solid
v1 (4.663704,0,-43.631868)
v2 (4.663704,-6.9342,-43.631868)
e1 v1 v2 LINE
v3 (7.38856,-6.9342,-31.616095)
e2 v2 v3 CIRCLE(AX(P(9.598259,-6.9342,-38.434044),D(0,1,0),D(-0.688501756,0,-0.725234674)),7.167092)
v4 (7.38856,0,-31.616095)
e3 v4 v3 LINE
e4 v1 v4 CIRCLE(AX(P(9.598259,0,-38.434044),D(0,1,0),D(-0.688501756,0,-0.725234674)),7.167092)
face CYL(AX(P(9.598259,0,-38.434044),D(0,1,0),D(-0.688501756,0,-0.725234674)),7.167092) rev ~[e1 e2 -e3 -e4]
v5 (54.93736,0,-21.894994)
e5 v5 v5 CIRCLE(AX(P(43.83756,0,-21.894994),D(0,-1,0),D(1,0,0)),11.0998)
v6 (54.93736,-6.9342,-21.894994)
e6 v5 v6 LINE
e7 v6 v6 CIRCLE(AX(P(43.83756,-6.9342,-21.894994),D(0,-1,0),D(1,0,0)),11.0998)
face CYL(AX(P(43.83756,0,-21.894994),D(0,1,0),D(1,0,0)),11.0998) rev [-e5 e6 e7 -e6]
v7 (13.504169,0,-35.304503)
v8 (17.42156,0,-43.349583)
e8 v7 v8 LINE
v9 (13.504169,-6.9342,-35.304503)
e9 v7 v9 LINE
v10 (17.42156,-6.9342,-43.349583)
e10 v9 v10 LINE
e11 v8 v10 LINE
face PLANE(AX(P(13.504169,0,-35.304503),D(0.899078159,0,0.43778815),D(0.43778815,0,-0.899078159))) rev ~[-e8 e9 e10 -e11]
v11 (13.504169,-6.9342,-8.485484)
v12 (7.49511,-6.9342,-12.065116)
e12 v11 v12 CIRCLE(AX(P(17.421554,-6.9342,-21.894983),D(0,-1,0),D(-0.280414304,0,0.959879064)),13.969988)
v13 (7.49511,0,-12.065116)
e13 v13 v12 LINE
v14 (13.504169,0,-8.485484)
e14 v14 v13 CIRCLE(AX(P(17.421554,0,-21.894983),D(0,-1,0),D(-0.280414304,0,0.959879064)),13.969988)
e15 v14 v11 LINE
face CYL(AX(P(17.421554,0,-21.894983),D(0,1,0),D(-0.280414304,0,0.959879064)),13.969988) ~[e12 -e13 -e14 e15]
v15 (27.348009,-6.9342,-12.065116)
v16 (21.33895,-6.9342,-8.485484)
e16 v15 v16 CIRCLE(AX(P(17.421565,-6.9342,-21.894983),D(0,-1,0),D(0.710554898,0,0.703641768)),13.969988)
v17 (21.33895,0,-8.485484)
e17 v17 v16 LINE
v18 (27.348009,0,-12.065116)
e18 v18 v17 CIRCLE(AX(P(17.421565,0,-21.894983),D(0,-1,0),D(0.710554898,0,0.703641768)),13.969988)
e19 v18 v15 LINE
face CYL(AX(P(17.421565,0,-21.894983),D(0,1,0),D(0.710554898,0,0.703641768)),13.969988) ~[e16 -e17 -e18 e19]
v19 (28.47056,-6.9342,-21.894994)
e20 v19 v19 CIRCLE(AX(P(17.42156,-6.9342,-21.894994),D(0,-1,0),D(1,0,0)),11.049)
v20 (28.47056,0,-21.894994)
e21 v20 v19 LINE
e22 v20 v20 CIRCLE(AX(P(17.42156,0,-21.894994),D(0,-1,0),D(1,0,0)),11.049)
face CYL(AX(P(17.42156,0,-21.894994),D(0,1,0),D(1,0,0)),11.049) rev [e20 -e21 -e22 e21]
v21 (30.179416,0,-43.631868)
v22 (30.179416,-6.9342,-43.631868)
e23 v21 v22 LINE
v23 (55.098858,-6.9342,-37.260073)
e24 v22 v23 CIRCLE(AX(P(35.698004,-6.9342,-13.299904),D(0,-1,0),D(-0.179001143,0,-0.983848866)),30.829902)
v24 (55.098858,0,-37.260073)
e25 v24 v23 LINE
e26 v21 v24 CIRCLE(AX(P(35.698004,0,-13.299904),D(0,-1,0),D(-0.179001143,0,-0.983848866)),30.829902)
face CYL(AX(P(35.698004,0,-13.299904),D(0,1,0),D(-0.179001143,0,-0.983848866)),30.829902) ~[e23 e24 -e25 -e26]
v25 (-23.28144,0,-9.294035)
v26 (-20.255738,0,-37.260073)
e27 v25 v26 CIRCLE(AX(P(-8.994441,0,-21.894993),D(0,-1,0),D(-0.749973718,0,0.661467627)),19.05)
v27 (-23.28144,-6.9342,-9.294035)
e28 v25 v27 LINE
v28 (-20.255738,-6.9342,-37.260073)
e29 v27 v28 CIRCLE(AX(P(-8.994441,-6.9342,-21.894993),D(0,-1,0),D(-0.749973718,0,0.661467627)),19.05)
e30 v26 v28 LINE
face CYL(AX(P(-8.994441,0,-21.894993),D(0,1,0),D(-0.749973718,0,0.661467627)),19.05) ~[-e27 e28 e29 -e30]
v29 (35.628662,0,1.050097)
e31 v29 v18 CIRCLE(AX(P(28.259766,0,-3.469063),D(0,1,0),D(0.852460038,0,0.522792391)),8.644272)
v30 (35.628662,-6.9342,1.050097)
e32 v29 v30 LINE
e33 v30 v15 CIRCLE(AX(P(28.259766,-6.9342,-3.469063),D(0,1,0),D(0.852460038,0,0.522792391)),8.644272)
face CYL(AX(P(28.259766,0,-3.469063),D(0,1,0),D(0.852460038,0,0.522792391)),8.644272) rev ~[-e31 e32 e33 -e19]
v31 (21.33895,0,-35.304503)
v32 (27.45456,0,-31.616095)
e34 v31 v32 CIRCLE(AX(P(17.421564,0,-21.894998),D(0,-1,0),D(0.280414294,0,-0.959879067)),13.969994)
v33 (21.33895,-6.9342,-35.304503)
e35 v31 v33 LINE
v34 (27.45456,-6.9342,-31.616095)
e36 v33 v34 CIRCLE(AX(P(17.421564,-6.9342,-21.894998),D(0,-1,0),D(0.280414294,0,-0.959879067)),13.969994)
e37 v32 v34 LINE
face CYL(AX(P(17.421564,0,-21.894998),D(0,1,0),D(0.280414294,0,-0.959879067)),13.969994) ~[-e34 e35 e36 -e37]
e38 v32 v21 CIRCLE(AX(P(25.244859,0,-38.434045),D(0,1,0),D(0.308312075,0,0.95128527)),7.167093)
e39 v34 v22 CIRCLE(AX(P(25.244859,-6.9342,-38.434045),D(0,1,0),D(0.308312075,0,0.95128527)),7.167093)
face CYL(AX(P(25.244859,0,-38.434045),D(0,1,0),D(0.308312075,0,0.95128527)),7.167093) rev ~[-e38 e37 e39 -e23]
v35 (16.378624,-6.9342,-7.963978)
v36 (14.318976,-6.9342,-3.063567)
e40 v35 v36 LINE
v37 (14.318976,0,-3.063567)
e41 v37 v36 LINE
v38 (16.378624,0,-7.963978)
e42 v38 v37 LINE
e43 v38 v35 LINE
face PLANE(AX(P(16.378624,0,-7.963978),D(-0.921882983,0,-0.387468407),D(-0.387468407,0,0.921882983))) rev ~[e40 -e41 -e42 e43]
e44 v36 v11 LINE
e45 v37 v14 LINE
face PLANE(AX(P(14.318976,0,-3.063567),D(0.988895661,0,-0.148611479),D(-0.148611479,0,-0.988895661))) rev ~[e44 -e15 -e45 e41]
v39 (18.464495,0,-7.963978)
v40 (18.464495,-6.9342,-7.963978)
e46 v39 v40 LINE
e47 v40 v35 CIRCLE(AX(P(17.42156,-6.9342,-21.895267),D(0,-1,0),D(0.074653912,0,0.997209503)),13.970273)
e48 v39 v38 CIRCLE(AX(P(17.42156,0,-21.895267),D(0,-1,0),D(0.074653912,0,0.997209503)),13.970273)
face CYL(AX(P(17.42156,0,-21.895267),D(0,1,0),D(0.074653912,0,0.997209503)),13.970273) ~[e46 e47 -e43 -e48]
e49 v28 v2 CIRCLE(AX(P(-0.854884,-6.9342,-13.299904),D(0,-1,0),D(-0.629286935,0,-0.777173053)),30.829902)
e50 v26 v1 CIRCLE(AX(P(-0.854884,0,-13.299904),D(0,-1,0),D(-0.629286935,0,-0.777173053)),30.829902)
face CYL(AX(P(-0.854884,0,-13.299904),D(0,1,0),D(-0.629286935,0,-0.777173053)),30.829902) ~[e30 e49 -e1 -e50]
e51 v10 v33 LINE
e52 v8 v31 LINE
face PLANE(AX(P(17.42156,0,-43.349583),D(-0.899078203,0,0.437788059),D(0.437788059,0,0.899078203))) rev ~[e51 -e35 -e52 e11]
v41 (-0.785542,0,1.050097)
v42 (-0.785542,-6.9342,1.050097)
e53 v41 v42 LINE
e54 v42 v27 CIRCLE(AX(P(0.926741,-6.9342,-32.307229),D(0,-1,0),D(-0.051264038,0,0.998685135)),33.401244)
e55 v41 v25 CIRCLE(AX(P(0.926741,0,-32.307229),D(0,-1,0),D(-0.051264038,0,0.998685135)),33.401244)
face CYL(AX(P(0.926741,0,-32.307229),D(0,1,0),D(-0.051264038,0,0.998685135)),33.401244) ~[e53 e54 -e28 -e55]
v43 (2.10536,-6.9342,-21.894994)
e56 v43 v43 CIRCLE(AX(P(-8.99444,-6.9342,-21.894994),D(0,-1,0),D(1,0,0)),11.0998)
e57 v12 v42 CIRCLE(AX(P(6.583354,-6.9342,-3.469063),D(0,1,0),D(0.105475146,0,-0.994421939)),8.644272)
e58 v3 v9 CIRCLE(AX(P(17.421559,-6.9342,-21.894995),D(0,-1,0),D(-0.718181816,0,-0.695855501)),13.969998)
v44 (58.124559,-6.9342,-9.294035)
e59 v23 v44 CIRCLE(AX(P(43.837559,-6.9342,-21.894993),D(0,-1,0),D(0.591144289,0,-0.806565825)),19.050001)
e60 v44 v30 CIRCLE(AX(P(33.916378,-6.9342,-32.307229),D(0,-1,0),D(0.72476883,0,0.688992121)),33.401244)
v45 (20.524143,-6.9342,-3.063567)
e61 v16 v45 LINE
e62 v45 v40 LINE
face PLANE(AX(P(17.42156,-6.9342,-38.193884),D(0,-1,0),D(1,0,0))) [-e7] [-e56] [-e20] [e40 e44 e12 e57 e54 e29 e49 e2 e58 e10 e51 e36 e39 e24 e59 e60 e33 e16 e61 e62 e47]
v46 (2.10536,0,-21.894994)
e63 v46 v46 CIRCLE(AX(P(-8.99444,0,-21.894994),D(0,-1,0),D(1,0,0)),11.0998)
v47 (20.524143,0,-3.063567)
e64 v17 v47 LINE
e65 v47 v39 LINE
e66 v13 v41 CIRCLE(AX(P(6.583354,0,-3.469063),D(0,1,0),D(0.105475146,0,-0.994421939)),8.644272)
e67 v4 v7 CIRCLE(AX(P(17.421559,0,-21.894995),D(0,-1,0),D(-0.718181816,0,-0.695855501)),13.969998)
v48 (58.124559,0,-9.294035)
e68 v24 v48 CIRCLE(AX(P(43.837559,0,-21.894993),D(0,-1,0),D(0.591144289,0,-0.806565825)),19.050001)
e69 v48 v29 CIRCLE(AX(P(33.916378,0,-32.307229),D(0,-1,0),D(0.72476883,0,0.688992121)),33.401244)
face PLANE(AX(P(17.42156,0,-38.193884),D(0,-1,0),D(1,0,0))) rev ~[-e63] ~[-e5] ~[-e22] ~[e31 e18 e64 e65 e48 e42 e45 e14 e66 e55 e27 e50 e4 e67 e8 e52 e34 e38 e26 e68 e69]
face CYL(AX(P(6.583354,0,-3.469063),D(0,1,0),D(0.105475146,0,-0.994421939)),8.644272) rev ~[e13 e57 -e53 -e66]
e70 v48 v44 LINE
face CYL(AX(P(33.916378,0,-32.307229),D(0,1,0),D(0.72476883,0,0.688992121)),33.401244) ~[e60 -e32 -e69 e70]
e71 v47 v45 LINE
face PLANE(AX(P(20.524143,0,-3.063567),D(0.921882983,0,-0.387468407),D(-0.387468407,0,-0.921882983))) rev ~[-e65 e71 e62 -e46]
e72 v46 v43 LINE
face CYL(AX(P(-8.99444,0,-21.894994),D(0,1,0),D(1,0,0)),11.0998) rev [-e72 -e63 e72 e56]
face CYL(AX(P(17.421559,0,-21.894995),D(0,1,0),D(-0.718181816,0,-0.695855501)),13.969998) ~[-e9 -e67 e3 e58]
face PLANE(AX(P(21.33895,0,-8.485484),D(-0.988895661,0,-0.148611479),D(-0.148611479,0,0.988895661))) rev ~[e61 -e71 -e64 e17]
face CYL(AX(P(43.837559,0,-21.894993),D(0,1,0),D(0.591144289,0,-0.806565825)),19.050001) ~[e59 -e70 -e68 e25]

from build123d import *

# Parameters (mm, degrees)
F0_R     = 11.0998
F0_R_2   = 11.049
F1_DEPTH = 6.9342


with BuildPart() as f1:
    # F0 (on Front) → F1 (new body)
    with BuildSketch(Plane.XZ):
        with BuildLine():
            Line((17.42156, -43.349583), (21.33895, -35.304503))
            ThreePointArc((21.33895, -35.304503), (17.42156, -35.864994), (13.504169, -35.304503))
            Line((13.504169, -35.304503), (17.42156, -43.349583))
        make_face()
        with BuildLine():
            ThreePointArc((18.464495, -7.963978), (19.915392, -8.149387), (21.33895, -8.485484))
            Line((21.33895, -8.485484), (20.524143, -3.063567))
            Line((20.524143, -3.063567), (18.464495, -7.963978))
        make_face()
        with BuildLine():
            ThreePointArc((13.504169, -8.485484), (14.927727, -8.149387), (16.378624, -7.963978))
            Line((16.378624, -7.963978), (14.318976, -3.063567))
            Line((14.318976, -3.063567), (13.504169, -8.485484))
        make_face()
        with BuildLine():
            ThreePointArc((27.348009, -12.065116), (30.341184, -16.580466), (31.39156, -21.894994))
            ThreePointArc((31.39156, -21.894994), (30.369956, -27.139033), (27.45456, -31.616095))
            ThreePointArc((27.45456, -31.616095), (32.23448, -36.848985), (30.179416, -43.631868))
            ThreePointArc((30.179416, -43.631868), (43.335364, -43.168844), (55.098858, -37.260073))
            ThreePointArc((55.098858, -37.260073), (62.777034, -23.944093), (58.124559, -9.294035))
            ThreePointArc((58.124559, -9.294035), (47.870513, -1.960479), (35.628662, 1.050097))
            ThreePointArc((35.628662, 1.050097), (35.569066, -8.083991), (27.348009, -12.065116))
        make_face()
        with Locations((43.83756, -21.894994)):
            Circle(F0_R, mode=Mode.SUBTRACT)
        with BuildLine():
            ThreePointArc((27.45456, -31.616095), (30.369956, -27.139033), (31.39156, -21.894994))
            ThreePointArc((31.39156, -21.894994), (30.341184, -16.580466), (27.348009, -12.065116))
            ThreePointArc((27.348009, -12.065116), (24.571134, -9.89314), (21.33895, -8.485484))
            ThreePointArc((21.33895, -8.485484), (19.915392, -8.149387), (18.464495, -7.963978))
            ThreePointArc((18.464495, -7.963978), (17.42156, -7.924994), (16.378624, -7.963978))
            ThreePointArc((16.378624, -7.963978), (14.927727, -8.149387), (13.504169, -8.485484))
            ThreePointArc((13.504169, -8.485484), (10.271985, -9.89314), (7.49511, -12.065116))
            ThreePointArc((7.49511, -12.065116), (3.451767, -21.81886), (7.38856, -31.616095))
            ThreePointArc((7.38856, -31.616095), (10.206684, -33.857705), (13.504169, -35.304503))
            ThreePointArc((13.504169, -35.304503), (17.42156, -35.864994), (21.33895, -35.304503))
            ThreePointArc((21.33895, -35.304503), (24.636436, -33.857705), (27.45456, -31.616095))
        make_face()
        with Locations((17.42156, -21.894994)):
            Circle(F0_R_2, mode=Mode.SUBTRACT)
        with BuildLine():
            ThreePointArc((4.663704, -43.631868), (2.608639, -36.848985), (7.38856, -31.616095))
            ThreePointArc((7.38856, -31.616095), (3.451767, -21.81886), (7.49511, -12.065116))
            ThreePointArc((7.49511, -12.065116), (-0.725946, -8.083991), (-0.785542, 1.050097))
            ThreePointArc((-0.785542, 1.050097), (-13.027394, -1.960479), (-23.28144, -9.294035))
            ThreePointArc((-23.28144, -9.294035), (-27.933915, -23.944093), (-20.255738, -37.260073))
            ThreePointArc((-20.255738, -37.260073), (-8.492244, -43.168844), (4.663704, -43.631868))
        make_face()
        with Locations((-8.99444, -21.894994)):
            Circle(F0_R, mode=Mode.SUBTRACT)
    extrude(amount=F1_DEPTH)


solid = f1.part
